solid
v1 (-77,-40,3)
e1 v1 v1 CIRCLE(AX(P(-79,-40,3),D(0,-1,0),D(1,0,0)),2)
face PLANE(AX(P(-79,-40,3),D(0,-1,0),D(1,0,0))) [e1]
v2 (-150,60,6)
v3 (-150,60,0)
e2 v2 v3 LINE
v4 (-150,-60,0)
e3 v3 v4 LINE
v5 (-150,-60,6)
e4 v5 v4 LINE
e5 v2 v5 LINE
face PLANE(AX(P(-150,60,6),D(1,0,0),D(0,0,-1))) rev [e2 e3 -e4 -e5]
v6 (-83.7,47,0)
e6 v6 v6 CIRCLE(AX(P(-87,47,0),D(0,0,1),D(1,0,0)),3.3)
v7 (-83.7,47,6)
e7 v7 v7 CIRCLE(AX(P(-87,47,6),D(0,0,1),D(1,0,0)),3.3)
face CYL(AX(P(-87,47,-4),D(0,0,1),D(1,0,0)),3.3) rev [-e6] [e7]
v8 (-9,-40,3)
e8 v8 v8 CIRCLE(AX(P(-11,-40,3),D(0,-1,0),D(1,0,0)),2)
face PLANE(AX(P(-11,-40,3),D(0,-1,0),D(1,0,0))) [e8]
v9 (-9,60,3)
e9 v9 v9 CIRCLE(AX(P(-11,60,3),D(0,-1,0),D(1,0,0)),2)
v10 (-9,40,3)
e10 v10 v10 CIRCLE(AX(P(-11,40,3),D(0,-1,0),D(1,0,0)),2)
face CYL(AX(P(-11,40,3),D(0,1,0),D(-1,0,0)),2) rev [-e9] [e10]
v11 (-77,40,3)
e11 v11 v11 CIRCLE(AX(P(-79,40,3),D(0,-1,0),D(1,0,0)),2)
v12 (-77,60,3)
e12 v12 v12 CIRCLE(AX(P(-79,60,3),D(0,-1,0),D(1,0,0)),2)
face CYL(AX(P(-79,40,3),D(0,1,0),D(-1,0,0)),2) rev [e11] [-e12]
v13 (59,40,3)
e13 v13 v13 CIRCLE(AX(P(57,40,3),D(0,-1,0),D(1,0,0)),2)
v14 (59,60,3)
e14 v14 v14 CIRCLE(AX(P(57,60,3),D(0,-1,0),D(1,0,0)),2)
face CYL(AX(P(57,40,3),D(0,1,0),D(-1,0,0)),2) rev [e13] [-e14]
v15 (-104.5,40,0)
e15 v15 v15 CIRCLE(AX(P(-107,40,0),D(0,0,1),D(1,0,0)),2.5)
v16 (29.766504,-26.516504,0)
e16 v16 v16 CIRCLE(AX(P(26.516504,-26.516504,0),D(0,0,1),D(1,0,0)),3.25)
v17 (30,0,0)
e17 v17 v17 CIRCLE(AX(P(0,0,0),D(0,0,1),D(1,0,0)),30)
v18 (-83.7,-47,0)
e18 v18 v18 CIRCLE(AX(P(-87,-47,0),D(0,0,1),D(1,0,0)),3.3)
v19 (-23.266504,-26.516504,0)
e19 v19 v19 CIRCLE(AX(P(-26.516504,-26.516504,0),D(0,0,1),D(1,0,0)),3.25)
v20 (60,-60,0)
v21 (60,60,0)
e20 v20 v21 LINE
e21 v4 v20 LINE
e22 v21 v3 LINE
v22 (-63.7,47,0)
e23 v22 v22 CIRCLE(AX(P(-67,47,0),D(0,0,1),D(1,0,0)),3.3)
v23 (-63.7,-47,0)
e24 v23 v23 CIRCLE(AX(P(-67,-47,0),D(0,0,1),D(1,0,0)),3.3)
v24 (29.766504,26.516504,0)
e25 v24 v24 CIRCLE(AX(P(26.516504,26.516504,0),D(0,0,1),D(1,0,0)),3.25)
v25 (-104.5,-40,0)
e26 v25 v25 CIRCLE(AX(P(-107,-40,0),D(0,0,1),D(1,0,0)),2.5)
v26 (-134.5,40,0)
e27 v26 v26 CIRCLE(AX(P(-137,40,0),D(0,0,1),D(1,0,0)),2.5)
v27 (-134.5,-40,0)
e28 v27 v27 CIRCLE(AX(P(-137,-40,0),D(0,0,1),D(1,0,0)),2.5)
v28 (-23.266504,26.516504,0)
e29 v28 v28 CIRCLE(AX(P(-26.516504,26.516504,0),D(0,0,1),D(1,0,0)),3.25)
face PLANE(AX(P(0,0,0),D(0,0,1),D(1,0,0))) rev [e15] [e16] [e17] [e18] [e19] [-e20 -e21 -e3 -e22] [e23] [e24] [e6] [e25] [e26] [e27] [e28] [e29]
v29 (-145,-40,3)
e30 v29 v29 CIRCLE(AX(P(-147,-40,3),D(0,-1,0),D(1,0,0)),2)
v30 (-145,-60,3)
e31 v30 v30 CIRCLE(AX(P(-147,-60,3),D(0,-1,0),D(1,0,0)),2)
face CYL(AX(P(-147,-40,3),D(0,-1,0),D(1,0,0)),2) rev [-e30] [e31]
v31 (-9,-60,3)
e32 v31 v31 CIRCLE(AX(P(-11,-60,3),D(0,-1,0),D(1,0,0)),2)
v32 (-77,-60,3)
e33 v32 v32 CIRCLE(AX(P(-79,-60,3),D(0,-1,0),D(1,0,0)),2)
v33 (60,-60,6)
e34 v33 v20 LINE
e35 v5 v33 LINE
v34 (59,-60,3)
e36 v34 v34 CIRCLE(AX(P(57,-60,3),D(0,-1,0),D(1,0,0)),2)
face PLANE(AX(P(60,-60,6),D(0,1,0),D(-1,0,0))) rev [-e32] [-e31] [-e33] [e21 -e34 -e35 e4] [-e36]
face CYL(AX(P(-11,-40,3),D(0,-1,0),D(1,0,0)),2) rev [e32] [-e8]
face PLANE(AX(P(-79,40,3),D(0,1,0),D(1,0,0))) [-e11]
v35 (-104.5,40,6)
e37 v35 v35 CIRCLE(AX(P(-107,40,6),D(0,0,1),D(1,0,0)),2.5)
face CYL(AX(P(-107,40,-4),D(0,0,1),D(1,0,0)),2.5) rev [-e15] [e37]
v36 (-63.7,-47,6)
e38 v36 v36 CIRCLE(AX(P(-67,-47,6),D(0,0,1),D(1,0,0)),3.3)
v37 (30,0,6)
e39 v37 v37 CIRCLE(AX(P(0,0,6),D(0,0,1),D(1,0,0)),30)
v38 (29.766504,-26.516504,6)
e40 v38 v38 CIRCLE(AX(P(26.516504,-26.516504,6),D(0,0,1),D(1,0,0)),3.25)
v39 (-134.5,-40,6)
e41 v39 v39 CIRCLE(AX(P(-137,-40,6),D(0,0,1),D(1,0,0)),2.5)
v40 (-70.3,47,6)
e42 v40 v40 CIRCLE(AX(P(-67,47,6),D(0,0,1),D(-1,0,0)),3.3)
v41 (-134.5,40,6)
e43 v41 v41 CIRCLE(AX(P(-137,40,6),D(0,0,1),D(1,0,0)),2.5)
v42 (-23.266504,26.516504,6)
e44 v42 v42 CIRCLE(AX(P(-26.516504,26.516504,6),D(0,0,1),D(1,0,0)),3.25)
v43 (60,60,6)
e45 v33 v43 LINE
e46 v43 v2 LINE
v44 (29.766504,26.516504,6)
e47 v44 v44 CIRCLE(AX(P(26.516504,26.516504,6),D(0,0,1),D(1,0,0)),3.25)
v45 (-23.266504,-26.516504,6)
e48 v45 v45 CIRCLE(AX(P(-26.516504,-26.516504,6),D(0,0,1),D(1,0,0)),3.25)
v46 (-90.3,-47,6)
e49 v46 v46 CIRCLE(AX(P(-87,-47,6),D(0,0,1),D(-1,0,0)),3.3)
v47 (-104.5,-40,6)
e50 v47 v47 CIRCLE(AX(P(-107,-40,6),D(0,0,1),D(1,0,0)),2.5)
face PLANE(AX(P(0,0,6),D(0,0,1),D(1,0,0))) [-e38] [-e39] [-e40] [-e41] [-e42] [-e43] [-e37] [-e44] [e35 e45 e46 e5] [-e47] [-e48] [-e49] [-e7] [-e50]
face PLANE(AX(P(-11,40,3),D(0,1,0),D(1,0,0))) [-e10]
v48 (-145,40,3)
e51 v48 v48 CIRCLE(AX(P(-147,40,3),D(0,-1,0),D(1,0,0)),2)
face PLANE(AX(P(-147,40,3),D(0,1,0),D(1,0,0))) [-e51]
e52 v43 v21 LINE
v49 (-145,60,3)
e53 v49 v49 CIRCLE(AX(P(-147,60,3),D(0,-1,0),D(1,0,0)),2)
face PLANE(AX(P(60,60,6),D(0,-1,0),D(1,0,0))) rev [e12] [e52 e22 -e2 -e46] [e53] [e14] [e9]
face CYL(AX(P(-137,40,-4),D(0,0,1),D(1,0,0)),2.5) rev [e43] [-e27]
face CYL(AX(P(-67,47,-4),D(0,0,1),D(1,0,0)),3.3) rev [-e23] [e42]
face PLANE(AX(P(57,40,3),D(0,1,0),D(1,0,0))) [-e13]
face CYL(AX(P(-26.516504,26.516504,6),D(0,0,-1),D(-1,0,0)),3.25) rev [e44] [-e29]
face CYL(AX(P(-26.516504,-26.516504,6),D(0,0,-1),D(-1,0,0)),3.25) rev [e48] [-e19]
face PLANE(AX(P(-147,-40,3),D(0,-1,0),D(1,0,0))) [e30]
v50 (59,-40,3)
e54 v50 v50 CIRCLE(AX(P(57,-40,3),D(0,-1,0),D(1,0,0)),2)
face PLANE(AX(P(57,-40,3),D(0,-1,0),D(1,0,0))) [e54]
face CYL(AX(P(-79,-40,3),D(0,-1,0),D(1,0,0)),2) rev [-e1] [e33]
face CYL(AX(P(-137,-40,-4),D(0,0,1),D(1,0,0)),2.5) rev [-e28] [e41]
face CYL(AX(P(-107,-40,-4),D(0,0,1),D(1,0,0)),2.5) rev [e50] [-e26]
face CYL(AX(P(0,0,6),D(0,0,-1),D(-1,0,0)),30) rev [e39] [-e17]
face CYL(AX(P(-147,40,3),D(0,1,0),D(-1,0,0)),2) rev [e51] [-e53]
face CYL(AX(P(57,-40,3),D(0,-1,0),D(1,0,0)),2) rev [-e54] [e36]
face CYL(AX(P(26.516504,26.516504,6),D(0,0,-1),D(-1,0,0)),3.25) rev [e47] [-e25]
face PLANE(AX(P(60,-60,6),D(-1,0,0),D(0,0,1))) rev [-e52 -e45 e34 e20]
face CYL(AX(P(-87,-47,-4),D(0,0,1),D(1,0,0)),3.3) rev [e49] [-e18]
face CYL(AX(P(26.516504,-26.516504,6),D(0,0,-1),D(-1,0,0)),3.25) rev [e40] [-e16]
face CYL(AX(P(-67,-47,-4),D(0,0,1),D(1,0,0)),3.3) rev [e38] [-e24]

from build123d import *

# Parameters (mm, degrees)
SKETCH_1_W          = 210
SKETCH_1_H          = 120
SKETCH_1_R          = 3.25
SKETCH_1_R_2        = 30
EXTRUDE_1_DEPTH     = 6
SKETCH_2_R          = 2.5
CUT_EXTRUDE_1_DEPTH = 10
SKETCH_3_R          = 2
CUT_EXTRUDE_2_DEPTH = 20
SKETCH_4_R          = 3.3
CUT_EXTRUDE_3_DEPTH = 10


with BuildPart() as part:
    # 草图1 → 凸台-拉伸1 (new body)
    with BuildSketch(Plane.XY):
        with Locations((-45, 0)):
            Rectangle(SKETCH_1_W, SKETCH_1_H)
        with Locations((26.516504294, 26.516504294)):
            Circle(SKETCH_1_R, mode=Mode.SUBTRACT)
        with Locations((26.516504294, -26.516504294)):
            Circle(SKETCH_1_R, mode=Mode.SUBTRACT)
        with Locations((-26.516504294, -26.516504294)):
            Circle(SKETCH_1_R, mode=Mode.SUBTRACT)
        with Locations((-26.516504294, 26.516504294)):
            Circle(SKETCH_1_R, mode=Mode.SUBTRACT)
        Circle(SKETCH_1_R_2, mode=Mode.SUBTRACT)
    extrude(amount=EXTRUDE_1_DEPTH)

    # 草图2 → 切除-拉伸1 (cut)
    with BuildSketch(Plane.XY.offset(6)):
        with Locations((-137, 40)):
            Circle(SKETCH_2_R)
        with Locations((-107, 40)):
            Circle(SKETCH_2_R)
        with Locations((-107, -40)):
            Circle(SKETCH_2_R)
        with Locations((-137, -40)):
            Circle(SKETCH_2_R)
    extrude(amount=-CUT_EXTRUDE_1_DEPTH, mode=Mode.SUBTRACT)

    # 草图3 → 切除-拉伸2 (cut)
    with BuildSketch(Plane(origin=(0, -60, 0), x_dir=(-1, 0, 0), z_dir=(0, -1, 0))):
        with Locations((-57, -3)):
            Circle(SKETCH_3_R)
        with Locations((11, -3)):
            Circle(SKETCH_3_R)
        with Locations((79, -3)):
            Circle(SKETCH_3_R)
        with Locations((147, -3)):
            Circle(SKETCH_3_R)
    cut_extrude_2 = extrude(amount=-CUT_EXTRUDE_2_DEPTH, mode=Mode.SUBTRACT)

    # 镜向3: 切除-拉伸2 across plane
    add(cut_extrude_2.mirror(Plane(origin=(0, 0, 0), x_dir=(0, 0, 1), z_dir=(0, -1, 0))), mode=Mode.SUBTRACT)

    # 草图4 → 切除-拉伸3 (cut)
    with BuildSketch(Plane.XY.offset(6)):
        with Locations((-87, 47)):
            Circle(SKETCH_4_R)
        with Locations((-67, 47)):
            Circle(SKETCH_4_R)
        with Locations((-67, -47)):
            Circle(SKETCH_4_R)
        with Locations((-87, -47)):
            Circle(SKETCH_4_R)
    extrude(amount=-CUT_EXTRUDE_3_DEPTH, mode=Mode.SUBTRACT)


solid = part.part
